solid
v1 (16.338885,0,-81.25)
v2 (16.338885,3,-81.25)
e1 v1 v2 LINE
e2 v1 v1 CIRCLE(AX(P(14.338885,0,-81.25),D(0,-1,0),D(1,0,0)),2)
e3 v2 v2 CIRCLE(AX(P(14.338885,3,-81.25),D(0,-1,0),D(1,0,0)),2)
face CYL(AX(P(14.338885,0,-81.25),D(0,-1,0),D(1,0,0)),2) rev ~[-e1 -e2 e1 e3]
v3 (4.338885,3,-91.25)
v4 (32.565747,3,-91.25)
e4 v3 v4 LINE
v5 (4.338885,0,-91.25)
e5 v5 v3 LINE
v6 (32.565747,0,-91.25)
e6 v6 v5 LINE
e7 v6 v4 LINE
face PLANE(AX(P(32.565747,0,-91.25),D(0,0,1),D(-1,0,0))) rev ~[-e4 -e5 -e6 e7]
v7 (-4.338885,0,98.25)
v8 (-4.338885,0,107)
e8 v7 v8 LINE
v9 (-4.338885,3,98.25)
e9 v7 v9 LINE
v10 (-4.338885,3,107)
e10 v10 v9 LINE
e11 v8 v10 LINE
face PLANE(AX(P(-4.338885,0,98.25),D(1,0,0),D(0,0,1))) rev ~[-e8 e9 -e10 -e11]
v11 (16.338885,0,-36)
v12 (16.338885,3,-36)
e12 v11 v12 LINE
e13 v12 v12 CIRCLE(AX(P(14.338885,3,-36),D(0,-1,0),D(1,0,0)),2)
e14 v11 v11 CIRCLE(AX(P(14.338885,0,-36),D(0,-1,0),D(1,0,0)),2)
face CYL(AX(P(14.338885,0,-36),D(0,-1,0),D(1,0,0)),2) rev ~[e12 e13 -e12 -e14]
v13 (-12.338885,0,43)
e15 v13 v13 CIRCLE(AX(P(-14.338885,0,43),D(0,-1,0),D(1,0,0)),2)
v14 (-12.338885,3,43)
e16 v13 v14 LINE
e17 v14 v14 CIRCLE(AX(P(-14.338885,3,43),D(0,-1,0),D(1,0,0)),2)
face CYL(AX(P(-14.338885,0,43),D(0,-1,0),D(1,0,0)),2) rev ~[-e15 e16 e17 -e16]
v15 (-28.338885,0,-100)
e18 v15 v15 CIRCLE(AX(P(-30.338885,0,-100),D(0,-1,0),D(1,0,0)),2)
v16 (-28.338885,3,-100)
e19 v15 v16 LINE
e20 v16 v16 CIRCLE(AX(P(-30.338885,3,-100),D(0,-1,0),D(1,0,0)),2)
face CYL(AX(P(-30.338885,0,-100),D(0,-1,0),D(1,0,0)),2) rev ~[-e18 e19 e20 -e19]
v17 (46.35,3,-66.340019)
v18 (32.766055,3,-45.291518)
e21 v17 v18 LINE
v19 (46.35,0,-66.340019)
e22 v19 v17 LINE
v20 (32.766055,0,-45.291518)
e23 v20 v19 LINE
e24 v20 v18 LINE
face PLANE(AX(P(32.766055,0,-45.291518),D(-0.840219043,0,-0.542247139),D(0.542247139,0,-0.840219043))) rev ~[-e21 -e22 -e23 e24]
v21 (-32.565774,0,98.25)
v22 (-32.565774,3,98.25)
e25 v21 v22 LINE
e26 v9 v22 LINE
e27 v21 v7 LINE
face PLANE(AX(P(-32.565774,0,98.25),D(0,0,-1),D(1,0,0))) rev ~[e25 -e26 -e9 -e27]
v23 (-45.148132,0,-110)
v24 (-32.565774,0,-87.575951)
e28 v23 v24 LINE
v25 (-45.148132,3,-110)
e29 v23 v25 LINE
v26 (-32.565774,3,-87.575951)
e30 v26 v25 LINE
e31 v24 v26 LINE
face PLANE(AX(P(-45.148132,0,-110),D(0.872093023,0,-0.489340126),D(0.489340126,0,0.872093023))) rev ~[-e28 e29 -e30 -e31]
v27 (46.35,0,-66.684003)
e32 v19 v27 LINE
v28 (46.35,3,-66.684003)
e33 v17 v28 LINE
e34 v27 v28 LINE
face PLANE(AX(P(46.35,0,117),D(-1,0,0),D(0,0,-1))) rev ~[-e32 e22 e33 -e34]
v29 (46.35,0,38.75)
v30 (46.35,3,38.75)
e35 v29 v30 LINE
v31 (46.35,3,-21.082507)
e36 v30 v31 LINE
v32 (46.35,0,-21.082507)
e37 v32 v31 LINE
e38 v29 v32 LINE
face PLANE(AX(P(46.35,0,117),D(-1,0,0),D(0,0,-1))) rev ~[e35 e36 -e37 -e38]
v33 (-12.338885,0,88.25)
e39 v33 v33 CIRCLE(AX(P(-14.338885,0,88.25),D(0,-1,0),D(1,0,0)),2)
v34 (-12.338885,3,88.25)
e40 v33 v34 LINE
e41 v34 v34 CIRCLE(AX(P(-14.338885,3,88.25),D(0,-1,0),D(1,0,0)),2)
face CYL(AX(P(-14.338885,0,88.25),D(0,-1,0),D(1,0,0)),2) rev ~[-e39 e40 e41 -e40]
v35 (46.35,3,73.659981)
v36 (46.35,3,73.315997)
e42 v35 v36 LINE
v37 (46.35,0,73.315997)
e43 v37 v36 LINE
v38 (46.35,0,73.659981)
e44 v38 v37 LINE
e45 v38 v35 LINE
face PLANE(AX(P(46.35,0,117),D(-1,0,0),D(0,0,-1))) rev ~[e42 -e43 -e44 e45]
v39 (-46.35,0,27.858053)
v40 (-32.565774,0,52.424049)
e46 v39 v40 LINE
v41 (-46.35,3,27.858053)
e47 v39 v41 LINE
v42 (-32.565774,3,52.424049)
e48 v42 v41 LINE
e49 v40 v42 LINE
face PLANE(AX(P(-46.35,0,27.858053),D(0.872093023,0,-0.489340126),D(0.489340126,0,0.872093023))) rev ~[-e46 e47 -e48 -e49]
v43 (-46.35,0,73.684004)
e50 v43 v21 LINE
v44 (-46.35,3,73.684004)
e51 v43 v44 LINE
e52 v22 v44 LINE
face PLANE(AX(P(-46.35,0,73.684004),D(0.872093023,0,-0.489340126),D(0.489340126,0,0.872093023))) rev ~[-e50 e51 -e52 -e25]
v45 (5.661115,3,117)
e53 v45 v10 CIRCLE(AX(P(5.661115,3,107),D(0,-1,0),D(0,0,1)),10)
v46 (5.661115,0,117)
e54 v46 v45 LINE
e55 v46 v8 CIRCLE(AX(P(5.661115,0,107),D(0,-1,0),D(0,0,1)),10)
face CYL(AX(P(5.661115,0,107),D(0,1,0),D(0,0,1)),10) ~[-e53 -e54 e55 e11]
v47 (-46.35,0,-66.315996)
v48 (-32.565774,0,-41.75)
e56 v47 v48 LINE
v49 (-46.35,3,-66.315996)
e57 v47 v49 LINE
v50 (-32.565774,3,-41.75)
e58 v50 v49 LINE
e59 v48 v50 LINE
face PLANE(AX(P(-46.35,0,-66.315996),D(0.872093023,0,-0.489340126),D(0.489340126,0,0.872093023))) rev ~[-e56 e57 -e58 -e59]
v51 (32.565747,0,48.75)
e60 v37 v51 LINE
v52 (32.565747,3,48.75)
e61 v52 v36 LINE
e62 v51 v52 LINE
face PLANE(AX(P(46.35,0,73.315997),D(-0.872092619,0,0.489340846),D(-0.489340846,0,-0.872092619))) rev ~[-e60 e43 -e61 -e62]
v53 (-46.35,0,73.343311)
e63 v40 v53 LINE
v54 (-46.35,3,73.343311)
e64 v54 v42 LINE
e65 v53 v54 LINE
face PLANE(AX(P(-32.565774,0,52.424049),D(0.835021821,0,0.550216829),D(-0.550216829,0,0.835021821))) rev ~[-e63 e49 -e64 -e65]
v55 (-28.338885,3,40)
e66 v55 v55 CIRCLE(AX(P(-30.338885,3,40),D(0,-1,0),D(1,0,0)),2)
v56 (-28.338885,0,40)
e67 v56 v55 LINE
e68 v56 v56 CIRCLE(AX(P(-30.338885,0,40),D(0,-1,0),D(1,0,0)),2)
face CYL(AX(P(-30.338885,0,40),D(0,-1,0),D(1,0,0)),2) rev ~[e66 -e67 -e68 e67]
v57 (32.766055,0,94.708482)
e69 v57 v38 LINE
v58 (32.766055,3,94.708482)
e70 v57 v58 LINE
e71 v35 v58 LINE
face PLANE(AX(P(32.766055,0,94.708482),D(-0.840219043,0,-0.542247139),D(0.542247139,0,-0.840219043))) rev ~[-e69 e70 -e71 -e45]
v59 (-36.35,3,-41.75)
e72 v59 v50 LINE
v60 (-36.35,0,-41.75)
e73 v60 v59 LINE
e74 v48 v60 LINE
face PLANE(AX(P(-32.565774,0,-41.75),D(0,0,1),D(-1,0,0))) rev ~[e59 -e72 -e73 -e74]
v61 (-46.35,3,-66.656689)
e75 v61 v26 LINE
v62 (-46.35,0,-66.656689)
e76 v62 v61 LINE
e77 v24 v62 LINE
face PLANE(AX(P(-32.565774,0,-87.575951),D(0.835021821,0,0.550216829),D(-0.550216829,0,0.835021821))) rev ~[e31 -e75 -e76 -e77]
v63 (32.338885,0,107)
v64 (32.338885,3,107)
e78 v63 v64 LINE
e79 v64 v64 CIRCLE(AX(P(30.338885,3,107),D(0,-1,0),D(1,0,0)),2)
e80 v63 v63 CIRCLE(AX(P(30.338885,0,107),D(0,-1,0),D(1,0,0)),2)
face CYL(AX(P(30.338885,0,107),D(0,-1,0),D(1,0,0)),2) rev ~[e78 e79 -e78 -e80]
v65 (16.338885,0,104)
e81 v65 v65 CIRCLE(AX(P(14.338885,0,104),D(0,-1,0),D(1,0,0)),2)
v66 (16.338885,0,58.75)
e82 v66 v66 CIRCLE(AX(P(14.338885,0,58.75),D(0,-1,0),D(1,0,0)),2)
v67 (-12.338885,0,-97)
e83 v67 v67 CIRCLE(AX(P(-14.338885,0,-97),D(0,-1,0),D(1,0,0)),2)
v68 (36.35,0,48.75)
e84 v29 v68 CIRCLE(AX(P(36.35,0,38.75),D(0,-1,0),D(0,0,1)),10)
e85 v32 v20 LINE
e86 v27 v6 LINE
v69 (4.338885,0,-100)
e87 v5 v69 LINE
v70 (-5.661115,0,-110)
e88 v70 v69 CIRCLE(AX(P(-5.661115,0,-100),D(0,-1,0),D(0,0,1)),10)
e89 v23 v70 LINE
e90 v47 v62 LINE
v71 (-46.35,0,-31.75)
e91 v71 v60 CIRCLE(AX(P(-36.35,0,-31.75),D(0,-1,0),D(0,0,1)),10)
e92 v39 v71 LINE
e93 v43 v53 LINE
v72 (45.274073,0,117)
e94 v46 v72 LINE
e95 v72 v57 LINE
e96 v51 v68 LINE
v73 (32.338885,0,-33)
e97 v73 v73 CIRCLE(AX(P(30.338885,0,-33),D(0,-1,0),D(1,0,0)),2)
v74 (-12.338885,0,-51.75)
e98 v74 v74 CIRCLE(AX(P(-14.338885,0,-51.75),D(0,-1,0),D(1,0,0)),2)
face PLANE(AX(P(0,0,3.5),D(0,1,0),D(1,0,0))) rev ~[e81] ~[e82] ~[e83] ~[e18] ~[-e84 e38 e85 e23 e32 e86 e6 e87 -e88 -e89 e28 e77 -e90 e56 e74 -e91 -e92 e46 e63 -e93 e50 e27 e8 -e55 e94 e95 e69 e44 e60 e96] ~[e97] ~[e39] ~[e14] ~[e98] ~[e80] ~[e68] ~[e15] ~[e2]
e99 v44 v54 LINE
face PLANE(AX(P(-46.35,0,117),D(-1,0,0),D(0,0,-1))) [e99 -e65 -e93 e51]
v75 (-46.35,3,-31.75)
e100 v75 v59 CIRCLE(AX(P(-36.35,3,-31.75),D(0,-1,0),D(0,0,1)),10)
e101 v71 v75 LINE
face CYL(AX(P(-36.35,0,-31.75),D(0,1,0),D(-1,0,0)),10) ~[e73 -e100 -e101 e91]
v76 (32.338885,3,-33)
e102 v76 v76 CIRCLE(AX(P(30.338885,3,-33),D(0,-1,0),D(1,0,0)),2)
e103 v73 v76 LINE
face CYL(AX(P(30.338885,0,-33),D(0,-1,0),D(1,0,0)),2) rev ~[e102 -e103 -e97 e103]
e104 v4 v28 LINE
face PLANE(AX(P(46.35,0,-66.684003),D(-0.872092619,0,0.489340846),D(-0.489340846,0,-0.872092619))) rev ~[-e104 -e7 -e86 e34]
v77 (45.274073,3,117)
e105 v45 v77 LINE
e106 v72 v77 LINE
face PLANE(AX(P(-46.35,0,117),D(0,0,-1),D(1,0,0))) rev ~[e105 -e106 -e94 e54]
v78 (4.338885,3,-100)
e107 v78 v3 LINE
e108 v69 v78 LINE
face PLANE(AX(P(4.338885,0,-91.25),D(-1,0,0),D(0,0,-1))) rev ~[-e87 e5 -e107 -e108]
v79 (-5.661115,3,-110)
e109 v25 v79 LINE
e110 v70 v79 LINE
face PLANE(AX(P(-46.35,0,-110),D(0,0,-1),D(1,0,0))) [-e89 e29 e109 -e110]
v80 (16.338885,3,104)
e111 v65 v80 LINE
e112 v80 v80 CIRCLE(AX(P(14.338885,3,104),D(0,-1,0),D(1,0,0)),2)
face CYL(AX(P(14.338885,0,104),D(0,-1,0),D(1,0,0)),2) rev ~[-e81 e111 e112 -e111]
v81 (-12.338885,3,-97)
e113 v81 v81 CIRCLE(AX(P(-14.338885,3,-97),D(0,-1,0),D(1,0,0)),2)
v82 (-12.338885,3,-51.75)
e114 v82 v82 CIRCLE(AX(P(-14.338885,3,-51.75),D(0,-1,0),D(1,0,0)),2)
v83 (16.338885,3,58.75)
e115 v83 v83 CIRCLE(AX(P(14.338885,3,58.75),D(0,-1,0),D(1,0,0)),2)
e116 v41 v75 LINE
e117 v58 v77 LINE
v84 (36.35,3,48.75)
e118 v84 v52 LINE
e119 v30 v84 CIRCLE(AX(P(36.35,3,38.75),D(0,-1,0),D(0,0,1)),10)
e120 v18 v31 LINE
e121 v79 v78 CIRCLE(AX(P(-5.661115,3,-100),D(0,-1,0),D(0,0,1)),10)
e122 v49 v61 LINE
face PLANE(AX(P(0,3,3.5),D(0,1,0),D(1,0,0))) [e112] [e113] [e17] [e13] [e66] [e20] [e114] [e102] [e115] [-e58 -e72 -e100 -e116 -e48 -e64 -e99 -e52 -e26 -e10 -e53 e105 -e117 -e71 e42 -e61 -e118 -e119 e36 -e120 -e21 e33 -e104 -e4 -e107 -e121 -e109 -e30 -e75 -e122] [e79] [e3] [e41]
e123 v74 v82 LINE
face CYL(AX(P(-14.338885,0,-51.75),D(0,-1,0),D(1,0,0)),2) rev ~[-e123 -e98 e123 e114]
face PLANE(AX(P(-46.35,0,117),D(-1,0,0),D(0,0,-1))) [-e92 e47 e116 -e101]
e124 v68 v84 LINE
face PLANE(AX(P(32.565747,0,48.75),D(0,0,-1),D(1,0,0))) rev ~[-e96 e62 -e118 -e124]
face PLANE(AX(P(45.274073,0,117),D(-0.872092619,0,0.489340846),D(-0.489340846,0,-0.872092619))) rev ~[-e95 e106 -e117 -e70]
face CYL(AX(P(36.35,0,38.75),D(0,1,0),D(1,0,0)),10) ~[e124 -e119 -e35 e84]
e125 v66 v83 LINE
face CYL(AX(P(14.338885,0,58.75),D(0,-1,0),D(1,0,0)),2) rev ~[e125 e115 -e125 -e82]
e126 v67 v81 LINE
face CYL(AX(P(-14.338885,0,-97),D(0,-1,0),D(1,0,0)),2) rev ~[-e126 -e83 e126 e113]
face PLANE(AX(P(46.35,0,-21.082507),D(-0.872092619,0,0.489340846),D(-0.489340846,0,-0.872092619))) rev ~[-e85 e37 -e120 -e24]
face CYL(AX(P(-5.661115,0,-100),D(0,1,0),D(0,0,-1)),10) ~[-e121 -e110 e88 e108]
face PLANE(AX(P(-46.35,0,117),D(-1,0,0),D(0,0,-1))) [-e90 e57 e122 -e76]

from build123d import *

# Parameters (mm, degrees)
SKETCH1_W           = 92.7
SKETCH1_H           = 227
BOSS_EXTRUDE1_DEPTH = 3
SKETCH3_R           = 2
CUT_EXTRUDE1_DEPTH  = 4
FILLET1_R           = 10


with BuildPart() as part:
    # Sketch1 → Boss-Extrude1 (new body)
    with BuildSketch(Plane(origin=(0, 0, 0), x_dir=(1, 0, 0), z_dir=(0, 1, 0))):
        with Locations((0, -3.5)):
            Rectangle(SKETCH1_W, SKETCH1_H)
    extrude(amount=BOSS_EXTRUDE1_DEPTH)

    # Sketch3 → Cut-Extrude1 (cut, through all)
    with BuildSketch(Plane.XZ):
        Polygon((-46.35, -110), (-45.148132032, -110), (-32.56577351, -87.57595075), (-46.35, -66.656688952), align=None)
        Polygon((-46.35, -41.75), (-46.35, -66.315996364), (-32.56577351, -41.75), align=None)
        with Locations((-30.338884711, -100)):
            Circle(SKETCH3_R)
        with Locations((-14.338884711, -97)):
            Circle(SKETCH3_R)
        Polygon((32.565746646, -91.25), (4.338884711, -91.25), (4.338884711, -110), (46.35, -110), (46.35, -66.68400328), align=None)
        Polygon((32.766055192, -45.29151818), (46.35, -66.340018534), (46.35, -21.082506998), align=None)
        with Locations((30.338884711, -33)):
            Circle(SKETCH3_R)
        with Locations((14.338884711, -36)):
            Circle(SKETCH3_R)
        with Locations((14.338884711, -81.25)):
            Circle(SKETCH3_R)
        Polygon((-46.35, 117), (-46.35, 73.684003636), (-32.56577351, 98.25), (-4.338884711, 98.25), (-4.338884711, 117), align=None)
        Polygon((-46.35, 73.343311048), (-46.35, 27.858052887), (-32.56577351, 52.42404925), align=None)
        Polygon((32.565746646, 48.75), (46.35, 48.75), (46.35, 73.31599672), align=None)
        Polygon((32.766055192, 94.70848182), (46.35, 73.659981466), (46.35, 117), (45.274073399, 117), align=None)
        with Locations((14.338884711, 58.75)):
            Circle(SKETCH3_R)
        with Locations((14.338884711, 104)):
            Circle(SKETCH3_R)
        with Locations((30.338884711, 107)):
            Circle(SKETCH3_R)
        with Locations((-14.338884711, 43)):
            Circle(SKETCH3_R)
        with Locations((-30.338884711, 40)):
            Circle(SKETCH3_R)
        with Locations((-14.338884711, 88.25)):
            Circle(SKETCH3_R)
        with Locations((-14.338884711, -51.75)):
            Circle(SKETCH3_R)
    extrude(amount=-CUT_EXTRUDE1_DEPTH, mode=Mode.SUBTRACT)

    # Fillet1
    fillet1_edges = [part.edges().sort_by_distance(p)[0] for p in [
        (46.35, 1.5, 48.75),
        (-4.338884711, 1.5, 117),
        (4.338884711, 1.5, -110),
        (-46.35, 1.5, -41.75),
    ]]
    fillet(fillet1_edges, radius=FILLET1_R)


solid = part.part
